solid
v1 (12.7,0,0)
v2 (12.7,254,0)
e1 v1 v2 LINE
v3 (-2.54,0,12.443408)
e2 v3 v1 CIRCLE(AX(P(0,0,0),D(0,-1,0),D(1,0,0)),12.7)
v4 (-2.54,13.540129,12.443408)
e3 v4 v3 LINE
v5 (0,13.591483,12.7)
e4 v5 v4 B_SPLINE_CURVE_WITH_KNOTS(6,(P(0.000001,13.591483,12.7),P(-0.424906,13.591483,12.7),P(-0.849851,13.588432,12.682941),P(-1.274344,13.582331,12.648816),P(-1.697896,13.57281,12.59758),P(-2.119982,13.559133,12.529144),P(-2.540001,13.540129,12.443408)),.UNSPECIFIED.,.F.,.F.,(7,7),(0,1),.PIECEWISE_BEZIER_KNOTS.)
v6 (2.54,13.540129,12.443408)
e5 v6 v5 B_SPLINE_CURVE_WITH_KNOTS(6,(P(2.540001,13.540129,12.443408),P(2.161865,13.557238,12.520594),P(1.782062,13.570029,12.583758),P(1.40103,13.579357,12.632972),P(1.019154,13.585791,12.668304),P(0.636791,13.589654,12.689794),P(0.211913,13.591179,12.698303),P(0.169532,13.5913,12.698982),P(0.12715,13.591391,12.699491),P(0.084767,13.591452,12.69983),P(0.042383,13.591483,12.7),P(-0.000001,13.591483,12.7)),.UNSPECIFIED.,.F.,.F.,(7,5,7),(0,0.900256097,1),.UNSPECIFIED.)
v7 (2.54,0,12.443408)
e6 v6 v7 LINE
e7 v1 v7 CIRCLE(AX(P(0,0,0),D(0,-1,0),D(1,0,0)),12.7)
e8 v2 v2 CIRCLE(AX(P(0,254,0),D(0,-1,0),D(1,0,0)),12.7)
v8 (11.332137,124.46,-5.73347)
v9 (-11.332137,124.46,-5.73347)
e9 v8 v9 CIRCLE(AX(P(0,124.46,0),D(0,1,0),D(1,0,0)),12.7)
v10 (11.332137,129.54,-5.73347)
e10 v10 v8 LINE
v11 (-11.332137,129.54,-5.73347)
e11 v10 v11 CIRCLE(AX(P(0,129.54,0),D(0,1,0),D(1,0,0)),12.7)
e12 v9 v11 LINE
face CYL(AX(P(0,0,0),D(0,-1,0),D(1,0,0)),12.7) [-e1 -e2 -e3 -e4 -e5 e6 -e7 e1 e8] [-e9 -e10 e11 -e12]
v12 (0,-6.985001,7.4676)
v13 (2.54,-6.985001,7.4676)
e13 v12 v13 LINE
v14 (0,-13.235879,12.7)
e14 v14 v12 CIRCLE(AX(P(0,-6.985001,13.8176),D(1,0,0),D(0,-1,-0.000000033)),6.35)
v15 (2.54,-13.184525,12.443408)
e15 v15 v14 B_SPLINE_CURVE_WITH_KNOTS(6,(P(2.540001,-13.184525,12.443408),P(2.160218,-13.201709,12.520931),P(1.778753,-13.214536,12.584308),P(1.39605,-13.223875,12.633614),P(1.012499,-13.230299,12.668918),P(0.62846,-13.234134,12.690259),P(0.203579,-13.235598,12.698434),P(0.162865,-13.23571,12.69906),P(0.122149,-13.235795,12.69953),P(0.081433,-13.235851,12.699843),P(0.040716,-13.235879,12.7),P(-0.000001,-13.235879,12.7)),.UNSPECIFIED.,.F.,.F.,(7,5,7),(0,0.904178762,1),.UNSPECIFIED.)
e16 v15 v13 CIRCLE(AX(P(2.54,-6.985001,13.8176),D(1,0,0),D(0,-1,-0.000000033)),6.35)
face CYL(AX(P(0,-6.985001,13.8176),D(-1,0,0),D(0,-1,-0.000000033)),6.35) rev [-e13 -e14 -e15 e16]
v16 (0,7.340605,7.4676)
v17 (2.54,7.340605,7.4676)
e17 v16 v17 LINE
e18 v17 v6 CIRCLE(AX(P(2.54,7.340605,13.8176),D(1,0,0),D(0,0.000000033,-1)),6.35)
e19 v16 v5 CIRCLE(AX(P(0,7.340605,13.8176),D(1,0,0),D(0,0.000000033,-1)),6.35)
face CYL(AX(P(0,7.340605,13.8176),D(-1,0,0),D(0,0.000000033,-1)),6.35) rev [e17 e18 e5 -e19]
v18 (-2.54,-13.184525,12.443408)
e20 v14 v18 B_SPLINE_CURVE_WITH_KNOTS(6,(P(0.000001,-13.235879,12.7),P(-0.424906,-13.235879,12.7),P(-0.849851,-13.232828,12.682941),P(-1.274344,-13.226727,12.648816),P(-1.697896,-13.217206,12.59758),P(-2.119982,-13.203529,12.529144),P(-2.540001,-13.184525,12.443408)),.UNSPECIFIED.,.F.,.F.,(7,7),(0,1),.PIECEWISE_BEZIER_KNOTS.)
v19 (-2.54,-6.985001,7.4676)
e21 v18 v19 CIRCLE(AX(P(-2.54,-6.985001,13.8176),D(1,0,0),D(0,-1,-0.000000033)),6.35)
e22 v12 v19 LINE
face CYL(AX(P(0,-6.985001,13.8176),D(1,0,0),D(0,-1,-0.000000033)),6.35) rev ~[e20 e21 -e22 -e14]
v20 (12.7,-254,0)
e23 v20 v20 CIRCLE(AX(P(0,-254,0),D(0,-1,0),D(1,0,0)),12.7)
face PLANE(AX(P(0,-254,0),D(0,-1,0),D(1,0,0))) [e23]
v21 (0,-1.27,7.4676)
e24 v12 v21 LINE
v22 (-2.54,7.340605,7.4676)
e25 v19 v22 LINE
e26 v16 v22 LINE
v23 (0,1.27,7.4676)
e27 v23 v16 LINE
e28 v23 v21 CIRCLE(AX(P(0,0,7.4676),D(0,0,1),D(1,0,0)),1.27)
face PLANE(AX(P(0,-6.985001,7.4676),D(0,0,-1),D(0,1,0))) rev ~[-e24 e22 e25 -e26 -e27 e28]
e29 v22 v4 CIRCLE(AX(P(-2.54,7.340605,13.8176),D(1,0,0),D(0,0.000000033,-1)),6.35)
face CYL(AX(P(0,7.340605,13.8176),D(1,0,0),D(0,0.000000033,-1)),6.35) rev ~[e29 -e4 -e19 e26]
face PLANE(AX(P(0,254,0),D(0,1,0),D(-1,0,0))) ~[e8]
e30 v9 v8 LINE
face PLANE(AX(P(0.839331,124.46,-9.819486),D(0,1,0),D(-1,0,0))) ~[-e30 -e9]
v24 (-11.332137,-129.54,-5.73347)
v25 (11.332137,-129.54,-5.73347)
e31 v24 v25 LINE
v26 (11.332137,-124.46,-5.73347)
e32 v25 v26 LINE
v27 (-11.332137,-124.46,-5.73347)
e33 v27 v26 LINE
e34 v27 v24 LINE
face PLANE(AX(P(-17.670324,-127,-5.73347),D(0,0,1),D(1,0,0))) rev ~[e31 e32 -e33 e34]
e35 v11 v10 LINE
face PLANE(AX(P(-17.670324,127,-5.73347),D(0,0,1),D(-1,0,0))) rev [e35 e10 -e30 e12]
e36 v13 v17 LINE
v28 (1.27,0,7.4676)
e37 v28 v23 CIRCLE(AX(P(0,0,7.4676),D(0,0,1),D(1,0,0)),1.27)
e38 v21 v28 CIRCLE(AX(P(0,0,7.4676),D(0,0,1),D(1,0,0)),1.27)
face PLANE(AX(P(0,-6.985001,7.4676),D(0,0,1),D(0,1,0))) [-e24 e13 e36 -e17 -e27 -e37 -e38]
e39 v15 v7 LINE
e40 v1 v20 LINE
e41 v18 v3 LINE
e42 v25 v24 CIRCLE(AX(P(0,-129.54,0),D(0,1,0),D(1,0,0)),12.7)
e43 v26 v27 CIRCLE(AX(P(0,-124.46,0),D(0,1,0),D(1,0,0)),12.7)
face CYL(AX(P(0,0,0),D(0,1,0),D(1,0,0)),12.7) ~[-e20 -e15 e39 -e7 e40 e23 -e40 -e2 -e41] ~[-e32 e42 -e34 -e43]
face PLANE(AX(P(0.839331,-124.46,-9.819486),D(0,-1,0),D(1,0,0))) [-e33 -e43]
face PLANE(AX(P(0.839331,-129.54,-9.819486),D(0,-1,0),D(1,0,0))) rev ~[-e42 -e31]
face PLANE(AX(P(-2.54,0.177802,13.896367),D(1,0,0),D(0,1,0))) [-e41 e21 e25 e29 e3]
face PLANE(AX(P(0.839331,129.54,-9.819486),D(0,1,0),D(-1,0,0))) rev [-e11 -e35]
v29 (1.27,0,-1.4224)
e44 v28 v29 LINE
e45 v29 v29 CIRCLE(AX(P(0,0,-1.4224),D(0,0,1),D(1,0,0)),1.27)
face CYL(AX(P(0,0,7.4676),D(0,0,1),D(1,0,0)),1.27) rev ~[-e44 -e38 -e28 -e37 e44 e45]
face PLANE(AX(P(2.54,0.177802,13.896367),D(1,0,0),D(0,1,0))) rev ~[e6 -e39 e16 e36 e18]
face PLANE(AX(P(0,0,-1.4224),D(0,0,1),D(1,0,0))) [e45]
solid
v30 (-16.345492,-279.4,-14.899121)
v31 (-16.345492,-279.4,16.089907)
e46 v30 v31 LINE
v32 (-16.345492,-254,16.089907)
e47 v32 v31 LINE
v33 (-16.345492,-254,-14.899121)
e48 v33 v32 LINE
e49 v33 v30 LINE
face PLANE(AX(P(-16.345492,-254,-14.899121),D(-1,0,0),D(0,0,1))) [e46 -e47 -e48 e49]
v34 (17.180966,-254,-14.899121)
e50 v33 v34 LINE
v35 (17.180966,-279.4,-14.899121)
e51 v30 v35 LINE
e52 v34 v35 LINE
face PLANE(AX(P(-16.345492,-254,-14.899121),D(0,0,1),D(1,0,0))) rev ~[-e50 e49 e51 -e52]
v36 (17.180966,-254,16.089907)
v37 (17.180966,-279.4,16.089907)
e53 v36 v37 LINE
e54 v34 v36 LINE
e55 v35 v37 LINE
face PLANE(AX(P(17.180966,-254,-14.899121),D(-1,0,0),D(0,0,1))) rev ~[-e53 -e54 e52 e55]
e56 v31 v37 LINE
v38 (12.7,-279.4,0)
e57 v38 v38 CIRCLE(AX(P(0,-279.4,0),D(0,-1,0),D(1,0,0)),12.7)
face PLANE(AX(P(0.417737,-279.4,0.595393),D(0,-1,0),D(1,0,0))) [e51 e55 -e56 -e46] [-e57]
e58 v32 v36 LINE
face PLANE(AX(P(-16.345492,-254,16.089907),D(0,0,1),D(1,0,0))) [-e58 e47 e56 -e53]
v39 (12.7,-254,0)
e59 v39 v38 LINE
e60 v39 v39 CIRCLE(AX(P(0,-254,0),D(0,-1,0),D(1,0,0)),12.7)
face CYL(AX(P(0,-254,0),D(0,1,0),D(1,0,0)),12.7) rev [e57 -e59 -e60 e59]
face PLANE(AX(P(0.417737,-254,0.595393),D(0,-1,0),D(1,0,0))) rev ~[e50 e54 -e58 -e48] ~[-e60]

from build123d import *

# Parameters (mm, degrees)
F0_R          = 12.7
F1_DEPTH      = 254
F3_W          = 37.01931
F3_H          = 8.172032
F4_DEPTH      = 2.54
F4_DEPTH_BACK = 2.54
F7_DEPTH      = 2.54
F7_DEPTH_BACK = 2.54
F8_R          = 1.27
F9_DEPTH      = 8.89
F11_W         = 33.526458
F11_H         = 30.989028
F11_R         = 12.7
F12_DEPTH     = 25.4


with BuildPart() as f1:
    # F0 (on Front) → F1 (new body)
    with BuildSketch(Plane.XZ):
        Circle(F0_R)
    extrude(amount=F1_DEPTH)

    # F3 (on offset) → F4 (cut, two sides)
    with BuildSketch(Plane.XZ.offset(127)) as f4_sk:
        with Locations((0.839331, -9.819486)):
            Rectangle(F3_W, F3_H)
    extrude(amount=F4_DEPTH, mode=Mode.SUBTRACT)
    extrude(f4_sk.sketch, amount=-F4_DEPTH_BACK, mode=Mode.SUBTRACT)

    # F5: F1 across plane


with BuildPart() as f1_1:
    add(f1.part)
    add(f1.part.mirror(Plane.XZ))

    # F6 (on Right) → F7 (cut, two sides)
    with BuildSketch(Plane.YZ) as f7_sk:
        with BuildLine():
            Line((13.690605, 19.2024), (-13.335001, 19.2024))
            Line((-13.335001, 19.2024), (-13.335001, 13.8176))
            ThreePointArc((-13.335001, 13.8176), (-11.475129, 9.327472), (-6.985001, 7.4676))
            Line((-6.985001, 7.4676), (7.340605, 7.4676))
            ThreePointArc((7.340605, 7.4676), (11.830733, 9.327472), (13.690605, 13.8176))
            Line((13.690605, 13.8176), (13.690605, 19.2024))
        make_face()
    extrude(amount=F7_DEPTH, mode=Mode.SUBTRACT)
    extrude(f7_sk.sketch, amount=-F7_DEPTH_BACK, mode=Mode.SUBTRACT)

    # F8 (on face) → F9 (cut)
    with BuildSketch(Plane.XY.offset(7.4676)):
        Circle(F8_R)
    extrude(amount=-F9_DEPTH, mode=Mode.SUBTRACT)


with BuildPart() as f12:
    # F11 (on face) → F12 (new body)
    with BuildSketch(Plane.XZ.offset(254)):
        with Locations((0.417737, 0.595393)):
            Rectangle(F11_W, F11_H)
        Circle(F11_R, mode=Mode.SUBTRACT)
    extrude(amount=F12_DEPTH)


solid = Compound([f1_1.part, f12.part])
